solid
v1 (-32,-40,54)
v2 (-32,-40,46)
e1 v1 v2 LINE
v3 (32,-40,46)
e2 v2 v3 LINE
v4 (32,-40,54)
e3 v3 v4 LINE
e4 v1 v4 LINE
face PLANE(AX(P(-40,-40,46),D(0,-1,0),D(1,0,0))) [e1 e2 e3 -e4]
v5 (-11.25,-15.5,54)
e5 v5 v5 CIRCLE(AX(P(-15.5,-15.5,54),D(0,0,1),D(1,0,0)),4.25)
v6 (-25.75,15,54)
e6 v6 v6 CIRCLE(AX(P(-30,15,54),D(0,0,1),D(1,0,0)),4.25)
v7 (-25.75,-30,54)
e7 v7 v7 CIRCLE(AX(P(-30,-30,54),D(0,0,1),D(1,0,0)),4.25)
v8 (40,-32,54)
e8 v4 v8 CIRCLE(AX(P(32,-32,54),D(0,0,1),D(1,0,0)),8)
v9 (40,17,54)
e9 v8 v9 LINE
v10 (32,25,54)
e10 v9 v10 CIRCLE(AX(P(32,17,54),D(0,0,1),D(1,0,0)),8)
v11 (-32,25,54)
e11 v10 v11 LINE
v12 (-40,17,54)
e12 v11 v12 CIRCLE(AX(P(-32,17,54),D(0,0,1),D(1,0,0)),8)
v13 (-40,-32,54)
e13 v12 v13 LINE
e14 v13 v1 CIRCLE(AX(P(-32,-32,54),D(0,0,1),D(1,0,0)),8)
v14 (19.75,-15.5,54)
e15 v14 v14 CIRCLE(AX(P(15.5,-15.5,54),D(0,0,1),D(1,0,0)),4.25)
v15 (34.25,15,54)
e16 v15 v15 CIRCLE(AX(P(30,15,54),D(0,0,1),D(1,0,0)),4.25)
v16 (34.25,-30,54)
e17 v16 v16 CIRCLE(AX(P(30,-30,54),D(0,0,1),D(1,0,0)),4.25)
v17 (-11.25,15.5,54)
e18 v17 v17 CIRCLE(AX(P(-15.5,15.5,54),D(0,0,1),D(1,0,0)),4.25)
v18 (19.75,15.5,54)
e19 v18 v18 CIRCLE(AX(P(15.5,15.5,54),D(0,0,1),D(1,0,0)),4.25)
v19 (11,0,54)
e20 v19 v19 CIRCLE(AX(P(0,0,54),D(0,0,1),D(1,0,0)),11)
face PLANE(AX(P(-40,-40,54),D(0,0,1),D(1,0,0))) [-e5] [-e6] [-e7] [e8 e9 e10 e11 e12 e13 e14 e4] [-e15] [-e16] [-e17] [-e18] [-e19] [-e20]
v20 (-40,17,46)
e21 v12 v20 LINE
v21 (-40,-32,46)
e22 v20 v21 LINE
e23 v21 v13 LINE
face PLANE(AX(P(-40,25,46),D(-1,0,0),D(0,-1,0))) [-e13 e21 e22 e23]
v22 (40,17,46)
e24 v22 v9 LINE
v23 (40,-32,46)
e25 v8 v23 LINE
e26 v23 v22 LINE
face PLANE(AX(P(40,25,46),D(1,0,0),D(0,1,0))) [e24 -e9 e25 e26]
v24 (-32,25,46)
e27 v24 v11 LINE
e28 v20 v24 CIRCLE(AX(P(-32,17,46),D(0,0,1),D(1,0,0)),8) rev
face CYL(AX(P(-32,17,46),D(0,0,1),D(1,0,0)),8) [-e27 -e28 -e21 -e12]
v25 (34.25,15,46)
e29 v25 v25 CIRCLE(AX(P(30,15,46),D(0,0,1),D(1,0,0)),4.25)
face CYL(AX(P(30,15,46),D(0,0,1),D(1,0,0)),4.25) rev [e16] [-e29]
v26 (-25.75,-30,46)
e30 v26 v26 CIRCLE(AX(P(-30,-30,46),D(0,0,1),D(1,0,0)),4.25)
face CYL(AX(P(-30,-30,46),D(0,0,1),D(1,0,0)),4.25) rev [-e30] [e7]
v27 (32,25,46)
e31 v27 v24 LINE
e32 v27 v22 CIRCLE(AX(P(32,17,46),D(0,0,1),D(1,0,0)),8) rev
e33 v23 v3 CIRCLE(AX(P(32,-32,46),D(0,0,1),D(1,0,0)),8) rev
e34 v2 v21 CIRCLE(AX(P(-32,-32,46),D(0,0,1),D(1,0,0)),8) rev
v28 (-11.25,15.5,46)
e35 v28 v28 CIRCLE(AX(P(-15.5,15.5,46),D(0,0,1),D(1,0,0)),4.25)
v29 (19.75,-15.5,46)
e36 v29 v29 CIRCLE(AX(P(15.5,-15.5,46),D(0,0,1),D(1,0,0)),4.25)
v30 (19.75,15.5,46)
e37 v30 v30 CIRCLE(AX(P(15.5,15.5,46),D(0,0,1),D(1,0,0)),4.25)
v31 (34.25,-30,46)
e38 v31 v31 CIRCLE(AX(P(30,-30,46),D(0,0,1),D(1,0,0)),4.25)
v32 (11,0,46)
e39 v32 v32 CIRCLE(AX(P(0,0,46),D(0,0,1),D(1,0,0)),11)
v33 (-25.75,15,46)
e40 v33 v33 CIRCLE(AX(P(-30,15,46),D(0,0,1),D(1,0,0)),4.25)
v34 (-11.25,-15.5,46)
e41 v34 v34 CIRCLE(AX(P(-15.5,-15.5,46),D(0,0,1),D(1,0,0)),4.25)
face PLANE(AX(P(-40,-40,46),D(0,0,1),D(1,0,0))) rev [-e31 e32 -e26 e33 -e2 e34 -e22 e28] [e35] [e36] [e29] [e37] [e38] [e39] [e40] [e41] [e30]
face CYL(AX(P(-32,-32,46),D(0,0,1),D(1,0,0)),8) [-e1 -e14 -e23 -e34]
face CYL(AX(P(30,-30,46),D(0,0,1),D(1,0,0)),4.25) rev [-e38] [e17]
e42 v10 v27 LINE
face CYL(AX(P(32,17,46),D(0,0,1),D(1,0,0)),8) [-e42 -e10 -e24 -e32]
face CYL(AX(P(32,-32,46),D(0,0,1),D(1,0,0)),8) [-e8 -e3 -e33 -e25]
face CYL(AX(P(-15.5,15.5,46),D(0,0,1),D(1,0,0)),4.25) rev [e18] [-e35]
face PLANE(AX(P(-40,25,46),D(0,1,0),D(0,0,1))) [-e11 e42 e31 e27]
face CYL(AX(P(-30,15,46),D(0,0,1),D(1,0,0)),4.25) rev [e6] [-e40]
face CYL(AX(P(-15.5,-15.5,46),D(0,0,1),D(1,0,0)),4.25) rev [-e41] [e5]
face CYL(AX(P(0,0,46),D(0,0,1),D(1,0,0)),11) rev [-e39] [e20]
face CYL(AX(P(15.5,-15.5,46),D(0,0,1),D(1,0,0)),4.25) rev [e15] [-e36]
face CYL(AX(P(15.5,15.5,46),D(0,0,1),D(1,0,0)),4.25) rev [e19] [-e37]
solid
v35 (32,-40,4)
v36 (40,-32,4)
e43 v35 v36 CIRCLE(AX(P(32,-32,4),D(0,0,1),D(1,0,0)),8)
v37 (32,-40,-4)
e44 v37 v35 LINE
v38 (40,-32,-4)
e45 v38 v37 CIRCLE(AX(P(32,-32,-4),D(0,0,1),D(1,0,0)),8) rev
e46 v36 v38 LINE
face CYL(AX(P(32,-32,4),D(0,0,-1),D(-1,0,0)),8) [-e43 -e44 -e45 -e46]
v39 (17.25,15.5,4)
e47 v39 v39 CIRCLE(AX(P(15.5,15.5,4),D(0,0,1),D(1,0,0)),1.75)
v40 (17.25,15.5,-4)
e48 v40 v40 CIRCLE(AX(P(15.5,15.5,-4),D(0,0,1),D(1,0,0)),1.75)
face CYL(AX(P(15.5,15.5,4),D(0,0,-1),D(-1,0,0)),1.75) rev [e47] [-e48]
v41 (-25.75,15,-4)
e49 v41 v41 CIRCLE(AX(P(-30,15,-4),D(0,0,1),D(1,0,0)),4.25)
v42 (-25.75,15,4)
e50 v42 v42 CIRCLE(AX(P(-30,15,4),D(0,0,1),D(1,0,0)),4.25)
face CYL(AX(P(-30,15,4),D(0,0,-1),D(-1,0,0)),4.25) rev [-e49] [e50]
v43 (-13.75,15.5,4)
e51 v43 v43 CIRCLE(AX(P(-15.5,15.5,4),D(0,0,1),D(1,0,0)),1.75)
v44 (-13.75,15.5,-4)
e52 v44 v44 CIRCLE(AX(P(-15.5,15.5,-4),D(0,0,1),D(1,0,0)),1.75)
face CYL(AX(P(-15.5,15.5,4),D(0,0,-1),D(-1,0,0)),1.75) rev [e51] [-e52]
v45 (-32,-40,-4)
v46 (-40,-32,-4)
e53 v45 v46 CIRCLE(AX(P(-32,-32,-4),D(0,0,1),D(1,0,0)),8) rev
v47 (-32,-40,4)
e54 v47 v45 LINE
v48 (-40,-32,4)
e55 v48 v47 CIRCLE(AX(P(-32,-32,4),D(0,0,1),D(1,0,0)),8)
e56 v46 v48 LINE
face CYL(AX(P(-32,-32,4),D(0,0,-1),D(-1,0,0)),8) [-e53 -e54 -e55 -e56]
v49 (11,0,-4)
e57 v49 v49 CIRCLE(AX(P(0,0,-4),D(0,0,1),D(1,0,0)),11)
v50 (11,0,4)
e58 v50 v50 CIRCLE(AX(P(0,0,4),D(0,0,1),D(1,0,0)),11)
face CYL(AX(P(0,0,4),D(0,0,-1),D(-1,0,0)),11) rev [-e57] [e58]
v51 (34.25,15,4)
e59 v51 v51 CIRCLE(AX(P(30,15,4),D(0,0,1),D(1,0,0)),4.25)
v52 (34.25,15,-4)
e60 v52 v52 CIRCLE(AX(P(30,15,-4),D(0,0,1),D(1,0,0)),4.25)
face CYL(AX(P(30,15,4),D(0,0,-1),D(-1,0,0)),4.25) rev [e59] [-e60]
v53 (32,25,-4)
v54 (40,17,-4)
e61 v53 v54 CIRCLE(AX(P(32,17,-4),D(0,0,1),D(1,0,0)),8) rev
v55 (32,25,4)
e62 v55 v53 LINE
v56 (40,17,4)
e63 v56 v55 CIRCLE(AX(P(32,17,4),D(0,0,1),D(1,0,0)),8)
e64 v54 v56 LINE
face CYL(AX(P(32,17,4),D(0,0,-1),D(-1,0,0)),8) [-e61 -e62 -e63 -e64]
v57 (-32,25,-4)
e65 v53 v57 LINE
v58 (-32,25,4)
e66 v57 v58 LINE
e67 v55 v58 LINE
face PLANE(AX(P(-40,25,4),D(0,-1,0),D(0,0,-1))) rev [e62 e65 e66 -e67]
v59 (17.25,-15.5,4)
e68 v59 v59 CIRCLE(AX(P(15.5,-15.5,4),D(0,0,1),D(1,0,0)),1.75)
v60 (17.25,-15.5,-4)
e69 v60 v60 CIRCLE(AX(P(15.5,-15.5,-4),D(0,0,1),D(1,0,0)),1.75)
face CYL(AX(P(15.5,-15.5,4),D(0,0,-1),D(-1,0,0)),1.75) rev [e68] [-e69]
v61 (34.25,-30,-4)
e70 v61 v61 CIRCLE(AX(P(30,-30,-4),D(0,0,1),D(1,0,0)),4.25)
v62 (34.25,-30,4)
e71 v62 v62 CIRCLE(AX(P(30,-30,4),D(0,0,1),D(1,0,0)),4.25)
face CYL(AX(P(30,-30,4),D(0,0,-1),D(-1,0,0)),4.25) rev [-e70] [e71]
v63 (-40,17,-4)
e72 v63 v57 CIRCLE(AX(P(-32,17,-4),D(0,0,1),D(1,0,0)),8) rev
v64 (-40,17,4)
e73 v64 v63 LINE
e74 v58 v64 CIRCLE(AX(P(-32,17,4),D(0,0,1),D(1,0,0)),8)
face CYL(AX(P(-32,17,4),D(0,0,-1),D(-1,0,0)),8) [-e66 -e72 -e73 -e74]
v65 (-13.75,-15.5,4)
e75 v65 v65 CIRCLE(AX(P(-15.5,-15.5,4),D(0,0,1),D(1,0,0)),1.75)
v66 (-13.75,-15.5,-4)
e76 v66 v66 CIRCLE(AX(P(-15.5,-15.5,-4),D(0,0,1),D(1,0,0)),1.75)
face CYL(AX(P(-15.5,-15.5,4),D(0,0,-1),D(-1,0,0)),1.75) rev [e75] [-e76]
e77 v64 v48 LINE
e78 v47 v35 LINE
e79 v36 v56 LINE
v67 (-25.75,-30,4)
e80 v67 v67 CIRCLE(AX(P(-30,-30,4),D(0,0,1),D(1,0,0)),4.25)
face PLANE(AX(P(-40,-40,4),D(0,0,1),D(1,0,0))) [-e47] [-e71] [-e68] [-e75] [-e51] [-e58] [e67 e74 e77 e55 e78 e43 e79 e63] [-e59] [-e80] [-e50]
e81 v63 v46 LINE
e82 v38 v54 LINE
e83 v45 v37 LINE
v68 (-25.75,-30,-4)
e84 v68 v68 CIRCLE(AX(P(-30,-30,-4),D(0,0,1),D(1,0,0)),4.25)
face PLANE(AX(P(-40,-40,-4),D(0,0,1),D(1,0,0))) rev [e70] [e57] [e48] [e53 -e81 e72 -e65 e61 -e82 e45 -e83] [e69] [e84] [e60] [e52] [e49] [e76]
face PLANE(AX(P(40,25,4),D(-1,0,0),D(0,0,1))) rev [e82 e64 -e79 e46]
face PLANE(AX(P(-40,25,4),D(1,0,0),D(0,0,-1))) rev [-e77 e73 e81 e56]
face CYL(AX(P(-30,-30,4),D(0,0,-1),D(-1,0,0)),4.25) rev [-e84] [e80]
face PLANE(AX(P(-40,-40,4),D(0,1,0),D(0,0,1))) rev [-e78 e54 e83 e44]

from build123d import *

# Parameters (mm, degrees)
SKIZZE1_W                       = 80
SKIZZE1_H                       = 65
SKIZZE1_R                       = 11
SKIZZE1_R_2                     = 1.75
SKIZZE1_R_3                     = 4.25
AUFSATZ_LINEAR_AUSTRAGEN1_DEPTH = 4
SKIZZE2_W                       = 80
SKIZZE2_H                       = 65
SKIZZE2_R                       = 11
SKIZZE2_R_2                     = 4.25
AUFSATZ_LINEAR_AUSTRAGEN2_DEPTH = 4
VERRUNDUNG1_R                   = 8
VERRUNDUNG2_R                   = 8


with BuildPart() as part:
    # Skizze1 → Aufsatz-Linear austragen1 (new, symmetric)
    with BuildSketch(Plane.XY):
        with Locations((0, -7.5)):
            Rectangle(SKIZZE1_W, SKIZZE1_H)
        Circle(SKIZZE1_R, mode=Mode.SUBTRACT)
        with Locations((-15.5, 15.5)):
            Circle(SKIZZE1_R_2, mode=Mode.SUBTRACT)
        with Locations((-15.5, -15.5)):
            Circle(SKIZZE1_R_2, mode=Mode.SUBTRACT)
        with Locations((15.5, 15.5)):
            Circle(SKIZZE1_R_2, mode=Mode.SUBTRACT)
        with Locations((15.5, -15.5)):
            Circle(SKIZZE1_R_2, mode=Mode.SUBTRACT)
        with Locations((-30, 15)):
            Circle(SKIZZE1_R_3, mode=Mode.SUBTRACT)
        with Locations((30, 15)):
            Circle(SKIZZE1_R_3, mode=Mode.SUBTRACT)
        with Locations((-30, -30)):
            Circle(SKIZZE1_R_3, mode=Mode.SUBTRACT)
        with Locations((30, -30)):
            Circle(SKIZZE1_R_3, mode=Mode.SUBTRACT)
    extrude(amount=AUFSATZ_LINEAR_AUSTRAGEN1_DEPTH, both=True)

    # Verrundung1
    verrundung1_edges = [part.edges().sort_by_distance(p)[0] for p in [
        (-40, 25, 0),
        (40, 25, 0),
        (40, -40, 0),
        (-40, -40, 0),
    ]]
    fillet(verrundung1_edges, radius=VERRUNDUNG1_R)


with BuildPart() as body_2:
    # Skizze2 → Aufsatz-Linear austragen2 (new, symmetric)
    with BuildSketch(Plane.XY.offset(50)):
        with Locations((0, -7.5)):
            Rectangle(SKIZZE2_W, SKIZZE2_H)
        Circle(SKIZZE2_R, mode=Mode.SUBTRACT)
        with Locations((-30, 15)):
            Circle(SKIZZE2_R_2, mode=Mode.SUBTRACT)
        with Locations((-30, -30)):
            Circle(SKIZZE2_R_2, mode=Mode.SUBTRACT)
        with Locations((30, -30)):
            Circle(SKIZZE2_R_2, mode=Mode.SUBTRACT)
        with Locations((30, 15)):
            Circle(SKIZZE2_R_2, mode=Mode.SUBTRACT)
        with Locations((-15.5, 15.5)):
            Circle(SKIZZE2_R_2, mode=Mode.SUBTRACT)
        with Locations((-15.5, -15.5)):
            Circle(SKIZZE2_R_2, mode=Mode.SUBTRACT)
        with Locations((15.5, -15.5)):
            Circle(SKIZZE2_R_2, mode=Mode.SUBTRACT)
        with Locations((15.5, 15.5)):
            Circle(SKIZZE2_R_2, mode=Mode.SUBTRACT)
    extrude(amount=AUFSATZ_LINEAR_AUSTRAGEN2_DEPTH, both=True)

    # Verrundung2
    verrundung2_edges = [body_2.edges().sort_by_distance(p)[0] for p in [
        (-40, 25, 50),
        (40, 25, 50),
        (40, -40, 50),
        (-40, -40, 50),
    ]]
    fillet(verrundung2_edges, radius=VERRUNDUNG2_R)


solid = Compound([part.part, body_2.part])
